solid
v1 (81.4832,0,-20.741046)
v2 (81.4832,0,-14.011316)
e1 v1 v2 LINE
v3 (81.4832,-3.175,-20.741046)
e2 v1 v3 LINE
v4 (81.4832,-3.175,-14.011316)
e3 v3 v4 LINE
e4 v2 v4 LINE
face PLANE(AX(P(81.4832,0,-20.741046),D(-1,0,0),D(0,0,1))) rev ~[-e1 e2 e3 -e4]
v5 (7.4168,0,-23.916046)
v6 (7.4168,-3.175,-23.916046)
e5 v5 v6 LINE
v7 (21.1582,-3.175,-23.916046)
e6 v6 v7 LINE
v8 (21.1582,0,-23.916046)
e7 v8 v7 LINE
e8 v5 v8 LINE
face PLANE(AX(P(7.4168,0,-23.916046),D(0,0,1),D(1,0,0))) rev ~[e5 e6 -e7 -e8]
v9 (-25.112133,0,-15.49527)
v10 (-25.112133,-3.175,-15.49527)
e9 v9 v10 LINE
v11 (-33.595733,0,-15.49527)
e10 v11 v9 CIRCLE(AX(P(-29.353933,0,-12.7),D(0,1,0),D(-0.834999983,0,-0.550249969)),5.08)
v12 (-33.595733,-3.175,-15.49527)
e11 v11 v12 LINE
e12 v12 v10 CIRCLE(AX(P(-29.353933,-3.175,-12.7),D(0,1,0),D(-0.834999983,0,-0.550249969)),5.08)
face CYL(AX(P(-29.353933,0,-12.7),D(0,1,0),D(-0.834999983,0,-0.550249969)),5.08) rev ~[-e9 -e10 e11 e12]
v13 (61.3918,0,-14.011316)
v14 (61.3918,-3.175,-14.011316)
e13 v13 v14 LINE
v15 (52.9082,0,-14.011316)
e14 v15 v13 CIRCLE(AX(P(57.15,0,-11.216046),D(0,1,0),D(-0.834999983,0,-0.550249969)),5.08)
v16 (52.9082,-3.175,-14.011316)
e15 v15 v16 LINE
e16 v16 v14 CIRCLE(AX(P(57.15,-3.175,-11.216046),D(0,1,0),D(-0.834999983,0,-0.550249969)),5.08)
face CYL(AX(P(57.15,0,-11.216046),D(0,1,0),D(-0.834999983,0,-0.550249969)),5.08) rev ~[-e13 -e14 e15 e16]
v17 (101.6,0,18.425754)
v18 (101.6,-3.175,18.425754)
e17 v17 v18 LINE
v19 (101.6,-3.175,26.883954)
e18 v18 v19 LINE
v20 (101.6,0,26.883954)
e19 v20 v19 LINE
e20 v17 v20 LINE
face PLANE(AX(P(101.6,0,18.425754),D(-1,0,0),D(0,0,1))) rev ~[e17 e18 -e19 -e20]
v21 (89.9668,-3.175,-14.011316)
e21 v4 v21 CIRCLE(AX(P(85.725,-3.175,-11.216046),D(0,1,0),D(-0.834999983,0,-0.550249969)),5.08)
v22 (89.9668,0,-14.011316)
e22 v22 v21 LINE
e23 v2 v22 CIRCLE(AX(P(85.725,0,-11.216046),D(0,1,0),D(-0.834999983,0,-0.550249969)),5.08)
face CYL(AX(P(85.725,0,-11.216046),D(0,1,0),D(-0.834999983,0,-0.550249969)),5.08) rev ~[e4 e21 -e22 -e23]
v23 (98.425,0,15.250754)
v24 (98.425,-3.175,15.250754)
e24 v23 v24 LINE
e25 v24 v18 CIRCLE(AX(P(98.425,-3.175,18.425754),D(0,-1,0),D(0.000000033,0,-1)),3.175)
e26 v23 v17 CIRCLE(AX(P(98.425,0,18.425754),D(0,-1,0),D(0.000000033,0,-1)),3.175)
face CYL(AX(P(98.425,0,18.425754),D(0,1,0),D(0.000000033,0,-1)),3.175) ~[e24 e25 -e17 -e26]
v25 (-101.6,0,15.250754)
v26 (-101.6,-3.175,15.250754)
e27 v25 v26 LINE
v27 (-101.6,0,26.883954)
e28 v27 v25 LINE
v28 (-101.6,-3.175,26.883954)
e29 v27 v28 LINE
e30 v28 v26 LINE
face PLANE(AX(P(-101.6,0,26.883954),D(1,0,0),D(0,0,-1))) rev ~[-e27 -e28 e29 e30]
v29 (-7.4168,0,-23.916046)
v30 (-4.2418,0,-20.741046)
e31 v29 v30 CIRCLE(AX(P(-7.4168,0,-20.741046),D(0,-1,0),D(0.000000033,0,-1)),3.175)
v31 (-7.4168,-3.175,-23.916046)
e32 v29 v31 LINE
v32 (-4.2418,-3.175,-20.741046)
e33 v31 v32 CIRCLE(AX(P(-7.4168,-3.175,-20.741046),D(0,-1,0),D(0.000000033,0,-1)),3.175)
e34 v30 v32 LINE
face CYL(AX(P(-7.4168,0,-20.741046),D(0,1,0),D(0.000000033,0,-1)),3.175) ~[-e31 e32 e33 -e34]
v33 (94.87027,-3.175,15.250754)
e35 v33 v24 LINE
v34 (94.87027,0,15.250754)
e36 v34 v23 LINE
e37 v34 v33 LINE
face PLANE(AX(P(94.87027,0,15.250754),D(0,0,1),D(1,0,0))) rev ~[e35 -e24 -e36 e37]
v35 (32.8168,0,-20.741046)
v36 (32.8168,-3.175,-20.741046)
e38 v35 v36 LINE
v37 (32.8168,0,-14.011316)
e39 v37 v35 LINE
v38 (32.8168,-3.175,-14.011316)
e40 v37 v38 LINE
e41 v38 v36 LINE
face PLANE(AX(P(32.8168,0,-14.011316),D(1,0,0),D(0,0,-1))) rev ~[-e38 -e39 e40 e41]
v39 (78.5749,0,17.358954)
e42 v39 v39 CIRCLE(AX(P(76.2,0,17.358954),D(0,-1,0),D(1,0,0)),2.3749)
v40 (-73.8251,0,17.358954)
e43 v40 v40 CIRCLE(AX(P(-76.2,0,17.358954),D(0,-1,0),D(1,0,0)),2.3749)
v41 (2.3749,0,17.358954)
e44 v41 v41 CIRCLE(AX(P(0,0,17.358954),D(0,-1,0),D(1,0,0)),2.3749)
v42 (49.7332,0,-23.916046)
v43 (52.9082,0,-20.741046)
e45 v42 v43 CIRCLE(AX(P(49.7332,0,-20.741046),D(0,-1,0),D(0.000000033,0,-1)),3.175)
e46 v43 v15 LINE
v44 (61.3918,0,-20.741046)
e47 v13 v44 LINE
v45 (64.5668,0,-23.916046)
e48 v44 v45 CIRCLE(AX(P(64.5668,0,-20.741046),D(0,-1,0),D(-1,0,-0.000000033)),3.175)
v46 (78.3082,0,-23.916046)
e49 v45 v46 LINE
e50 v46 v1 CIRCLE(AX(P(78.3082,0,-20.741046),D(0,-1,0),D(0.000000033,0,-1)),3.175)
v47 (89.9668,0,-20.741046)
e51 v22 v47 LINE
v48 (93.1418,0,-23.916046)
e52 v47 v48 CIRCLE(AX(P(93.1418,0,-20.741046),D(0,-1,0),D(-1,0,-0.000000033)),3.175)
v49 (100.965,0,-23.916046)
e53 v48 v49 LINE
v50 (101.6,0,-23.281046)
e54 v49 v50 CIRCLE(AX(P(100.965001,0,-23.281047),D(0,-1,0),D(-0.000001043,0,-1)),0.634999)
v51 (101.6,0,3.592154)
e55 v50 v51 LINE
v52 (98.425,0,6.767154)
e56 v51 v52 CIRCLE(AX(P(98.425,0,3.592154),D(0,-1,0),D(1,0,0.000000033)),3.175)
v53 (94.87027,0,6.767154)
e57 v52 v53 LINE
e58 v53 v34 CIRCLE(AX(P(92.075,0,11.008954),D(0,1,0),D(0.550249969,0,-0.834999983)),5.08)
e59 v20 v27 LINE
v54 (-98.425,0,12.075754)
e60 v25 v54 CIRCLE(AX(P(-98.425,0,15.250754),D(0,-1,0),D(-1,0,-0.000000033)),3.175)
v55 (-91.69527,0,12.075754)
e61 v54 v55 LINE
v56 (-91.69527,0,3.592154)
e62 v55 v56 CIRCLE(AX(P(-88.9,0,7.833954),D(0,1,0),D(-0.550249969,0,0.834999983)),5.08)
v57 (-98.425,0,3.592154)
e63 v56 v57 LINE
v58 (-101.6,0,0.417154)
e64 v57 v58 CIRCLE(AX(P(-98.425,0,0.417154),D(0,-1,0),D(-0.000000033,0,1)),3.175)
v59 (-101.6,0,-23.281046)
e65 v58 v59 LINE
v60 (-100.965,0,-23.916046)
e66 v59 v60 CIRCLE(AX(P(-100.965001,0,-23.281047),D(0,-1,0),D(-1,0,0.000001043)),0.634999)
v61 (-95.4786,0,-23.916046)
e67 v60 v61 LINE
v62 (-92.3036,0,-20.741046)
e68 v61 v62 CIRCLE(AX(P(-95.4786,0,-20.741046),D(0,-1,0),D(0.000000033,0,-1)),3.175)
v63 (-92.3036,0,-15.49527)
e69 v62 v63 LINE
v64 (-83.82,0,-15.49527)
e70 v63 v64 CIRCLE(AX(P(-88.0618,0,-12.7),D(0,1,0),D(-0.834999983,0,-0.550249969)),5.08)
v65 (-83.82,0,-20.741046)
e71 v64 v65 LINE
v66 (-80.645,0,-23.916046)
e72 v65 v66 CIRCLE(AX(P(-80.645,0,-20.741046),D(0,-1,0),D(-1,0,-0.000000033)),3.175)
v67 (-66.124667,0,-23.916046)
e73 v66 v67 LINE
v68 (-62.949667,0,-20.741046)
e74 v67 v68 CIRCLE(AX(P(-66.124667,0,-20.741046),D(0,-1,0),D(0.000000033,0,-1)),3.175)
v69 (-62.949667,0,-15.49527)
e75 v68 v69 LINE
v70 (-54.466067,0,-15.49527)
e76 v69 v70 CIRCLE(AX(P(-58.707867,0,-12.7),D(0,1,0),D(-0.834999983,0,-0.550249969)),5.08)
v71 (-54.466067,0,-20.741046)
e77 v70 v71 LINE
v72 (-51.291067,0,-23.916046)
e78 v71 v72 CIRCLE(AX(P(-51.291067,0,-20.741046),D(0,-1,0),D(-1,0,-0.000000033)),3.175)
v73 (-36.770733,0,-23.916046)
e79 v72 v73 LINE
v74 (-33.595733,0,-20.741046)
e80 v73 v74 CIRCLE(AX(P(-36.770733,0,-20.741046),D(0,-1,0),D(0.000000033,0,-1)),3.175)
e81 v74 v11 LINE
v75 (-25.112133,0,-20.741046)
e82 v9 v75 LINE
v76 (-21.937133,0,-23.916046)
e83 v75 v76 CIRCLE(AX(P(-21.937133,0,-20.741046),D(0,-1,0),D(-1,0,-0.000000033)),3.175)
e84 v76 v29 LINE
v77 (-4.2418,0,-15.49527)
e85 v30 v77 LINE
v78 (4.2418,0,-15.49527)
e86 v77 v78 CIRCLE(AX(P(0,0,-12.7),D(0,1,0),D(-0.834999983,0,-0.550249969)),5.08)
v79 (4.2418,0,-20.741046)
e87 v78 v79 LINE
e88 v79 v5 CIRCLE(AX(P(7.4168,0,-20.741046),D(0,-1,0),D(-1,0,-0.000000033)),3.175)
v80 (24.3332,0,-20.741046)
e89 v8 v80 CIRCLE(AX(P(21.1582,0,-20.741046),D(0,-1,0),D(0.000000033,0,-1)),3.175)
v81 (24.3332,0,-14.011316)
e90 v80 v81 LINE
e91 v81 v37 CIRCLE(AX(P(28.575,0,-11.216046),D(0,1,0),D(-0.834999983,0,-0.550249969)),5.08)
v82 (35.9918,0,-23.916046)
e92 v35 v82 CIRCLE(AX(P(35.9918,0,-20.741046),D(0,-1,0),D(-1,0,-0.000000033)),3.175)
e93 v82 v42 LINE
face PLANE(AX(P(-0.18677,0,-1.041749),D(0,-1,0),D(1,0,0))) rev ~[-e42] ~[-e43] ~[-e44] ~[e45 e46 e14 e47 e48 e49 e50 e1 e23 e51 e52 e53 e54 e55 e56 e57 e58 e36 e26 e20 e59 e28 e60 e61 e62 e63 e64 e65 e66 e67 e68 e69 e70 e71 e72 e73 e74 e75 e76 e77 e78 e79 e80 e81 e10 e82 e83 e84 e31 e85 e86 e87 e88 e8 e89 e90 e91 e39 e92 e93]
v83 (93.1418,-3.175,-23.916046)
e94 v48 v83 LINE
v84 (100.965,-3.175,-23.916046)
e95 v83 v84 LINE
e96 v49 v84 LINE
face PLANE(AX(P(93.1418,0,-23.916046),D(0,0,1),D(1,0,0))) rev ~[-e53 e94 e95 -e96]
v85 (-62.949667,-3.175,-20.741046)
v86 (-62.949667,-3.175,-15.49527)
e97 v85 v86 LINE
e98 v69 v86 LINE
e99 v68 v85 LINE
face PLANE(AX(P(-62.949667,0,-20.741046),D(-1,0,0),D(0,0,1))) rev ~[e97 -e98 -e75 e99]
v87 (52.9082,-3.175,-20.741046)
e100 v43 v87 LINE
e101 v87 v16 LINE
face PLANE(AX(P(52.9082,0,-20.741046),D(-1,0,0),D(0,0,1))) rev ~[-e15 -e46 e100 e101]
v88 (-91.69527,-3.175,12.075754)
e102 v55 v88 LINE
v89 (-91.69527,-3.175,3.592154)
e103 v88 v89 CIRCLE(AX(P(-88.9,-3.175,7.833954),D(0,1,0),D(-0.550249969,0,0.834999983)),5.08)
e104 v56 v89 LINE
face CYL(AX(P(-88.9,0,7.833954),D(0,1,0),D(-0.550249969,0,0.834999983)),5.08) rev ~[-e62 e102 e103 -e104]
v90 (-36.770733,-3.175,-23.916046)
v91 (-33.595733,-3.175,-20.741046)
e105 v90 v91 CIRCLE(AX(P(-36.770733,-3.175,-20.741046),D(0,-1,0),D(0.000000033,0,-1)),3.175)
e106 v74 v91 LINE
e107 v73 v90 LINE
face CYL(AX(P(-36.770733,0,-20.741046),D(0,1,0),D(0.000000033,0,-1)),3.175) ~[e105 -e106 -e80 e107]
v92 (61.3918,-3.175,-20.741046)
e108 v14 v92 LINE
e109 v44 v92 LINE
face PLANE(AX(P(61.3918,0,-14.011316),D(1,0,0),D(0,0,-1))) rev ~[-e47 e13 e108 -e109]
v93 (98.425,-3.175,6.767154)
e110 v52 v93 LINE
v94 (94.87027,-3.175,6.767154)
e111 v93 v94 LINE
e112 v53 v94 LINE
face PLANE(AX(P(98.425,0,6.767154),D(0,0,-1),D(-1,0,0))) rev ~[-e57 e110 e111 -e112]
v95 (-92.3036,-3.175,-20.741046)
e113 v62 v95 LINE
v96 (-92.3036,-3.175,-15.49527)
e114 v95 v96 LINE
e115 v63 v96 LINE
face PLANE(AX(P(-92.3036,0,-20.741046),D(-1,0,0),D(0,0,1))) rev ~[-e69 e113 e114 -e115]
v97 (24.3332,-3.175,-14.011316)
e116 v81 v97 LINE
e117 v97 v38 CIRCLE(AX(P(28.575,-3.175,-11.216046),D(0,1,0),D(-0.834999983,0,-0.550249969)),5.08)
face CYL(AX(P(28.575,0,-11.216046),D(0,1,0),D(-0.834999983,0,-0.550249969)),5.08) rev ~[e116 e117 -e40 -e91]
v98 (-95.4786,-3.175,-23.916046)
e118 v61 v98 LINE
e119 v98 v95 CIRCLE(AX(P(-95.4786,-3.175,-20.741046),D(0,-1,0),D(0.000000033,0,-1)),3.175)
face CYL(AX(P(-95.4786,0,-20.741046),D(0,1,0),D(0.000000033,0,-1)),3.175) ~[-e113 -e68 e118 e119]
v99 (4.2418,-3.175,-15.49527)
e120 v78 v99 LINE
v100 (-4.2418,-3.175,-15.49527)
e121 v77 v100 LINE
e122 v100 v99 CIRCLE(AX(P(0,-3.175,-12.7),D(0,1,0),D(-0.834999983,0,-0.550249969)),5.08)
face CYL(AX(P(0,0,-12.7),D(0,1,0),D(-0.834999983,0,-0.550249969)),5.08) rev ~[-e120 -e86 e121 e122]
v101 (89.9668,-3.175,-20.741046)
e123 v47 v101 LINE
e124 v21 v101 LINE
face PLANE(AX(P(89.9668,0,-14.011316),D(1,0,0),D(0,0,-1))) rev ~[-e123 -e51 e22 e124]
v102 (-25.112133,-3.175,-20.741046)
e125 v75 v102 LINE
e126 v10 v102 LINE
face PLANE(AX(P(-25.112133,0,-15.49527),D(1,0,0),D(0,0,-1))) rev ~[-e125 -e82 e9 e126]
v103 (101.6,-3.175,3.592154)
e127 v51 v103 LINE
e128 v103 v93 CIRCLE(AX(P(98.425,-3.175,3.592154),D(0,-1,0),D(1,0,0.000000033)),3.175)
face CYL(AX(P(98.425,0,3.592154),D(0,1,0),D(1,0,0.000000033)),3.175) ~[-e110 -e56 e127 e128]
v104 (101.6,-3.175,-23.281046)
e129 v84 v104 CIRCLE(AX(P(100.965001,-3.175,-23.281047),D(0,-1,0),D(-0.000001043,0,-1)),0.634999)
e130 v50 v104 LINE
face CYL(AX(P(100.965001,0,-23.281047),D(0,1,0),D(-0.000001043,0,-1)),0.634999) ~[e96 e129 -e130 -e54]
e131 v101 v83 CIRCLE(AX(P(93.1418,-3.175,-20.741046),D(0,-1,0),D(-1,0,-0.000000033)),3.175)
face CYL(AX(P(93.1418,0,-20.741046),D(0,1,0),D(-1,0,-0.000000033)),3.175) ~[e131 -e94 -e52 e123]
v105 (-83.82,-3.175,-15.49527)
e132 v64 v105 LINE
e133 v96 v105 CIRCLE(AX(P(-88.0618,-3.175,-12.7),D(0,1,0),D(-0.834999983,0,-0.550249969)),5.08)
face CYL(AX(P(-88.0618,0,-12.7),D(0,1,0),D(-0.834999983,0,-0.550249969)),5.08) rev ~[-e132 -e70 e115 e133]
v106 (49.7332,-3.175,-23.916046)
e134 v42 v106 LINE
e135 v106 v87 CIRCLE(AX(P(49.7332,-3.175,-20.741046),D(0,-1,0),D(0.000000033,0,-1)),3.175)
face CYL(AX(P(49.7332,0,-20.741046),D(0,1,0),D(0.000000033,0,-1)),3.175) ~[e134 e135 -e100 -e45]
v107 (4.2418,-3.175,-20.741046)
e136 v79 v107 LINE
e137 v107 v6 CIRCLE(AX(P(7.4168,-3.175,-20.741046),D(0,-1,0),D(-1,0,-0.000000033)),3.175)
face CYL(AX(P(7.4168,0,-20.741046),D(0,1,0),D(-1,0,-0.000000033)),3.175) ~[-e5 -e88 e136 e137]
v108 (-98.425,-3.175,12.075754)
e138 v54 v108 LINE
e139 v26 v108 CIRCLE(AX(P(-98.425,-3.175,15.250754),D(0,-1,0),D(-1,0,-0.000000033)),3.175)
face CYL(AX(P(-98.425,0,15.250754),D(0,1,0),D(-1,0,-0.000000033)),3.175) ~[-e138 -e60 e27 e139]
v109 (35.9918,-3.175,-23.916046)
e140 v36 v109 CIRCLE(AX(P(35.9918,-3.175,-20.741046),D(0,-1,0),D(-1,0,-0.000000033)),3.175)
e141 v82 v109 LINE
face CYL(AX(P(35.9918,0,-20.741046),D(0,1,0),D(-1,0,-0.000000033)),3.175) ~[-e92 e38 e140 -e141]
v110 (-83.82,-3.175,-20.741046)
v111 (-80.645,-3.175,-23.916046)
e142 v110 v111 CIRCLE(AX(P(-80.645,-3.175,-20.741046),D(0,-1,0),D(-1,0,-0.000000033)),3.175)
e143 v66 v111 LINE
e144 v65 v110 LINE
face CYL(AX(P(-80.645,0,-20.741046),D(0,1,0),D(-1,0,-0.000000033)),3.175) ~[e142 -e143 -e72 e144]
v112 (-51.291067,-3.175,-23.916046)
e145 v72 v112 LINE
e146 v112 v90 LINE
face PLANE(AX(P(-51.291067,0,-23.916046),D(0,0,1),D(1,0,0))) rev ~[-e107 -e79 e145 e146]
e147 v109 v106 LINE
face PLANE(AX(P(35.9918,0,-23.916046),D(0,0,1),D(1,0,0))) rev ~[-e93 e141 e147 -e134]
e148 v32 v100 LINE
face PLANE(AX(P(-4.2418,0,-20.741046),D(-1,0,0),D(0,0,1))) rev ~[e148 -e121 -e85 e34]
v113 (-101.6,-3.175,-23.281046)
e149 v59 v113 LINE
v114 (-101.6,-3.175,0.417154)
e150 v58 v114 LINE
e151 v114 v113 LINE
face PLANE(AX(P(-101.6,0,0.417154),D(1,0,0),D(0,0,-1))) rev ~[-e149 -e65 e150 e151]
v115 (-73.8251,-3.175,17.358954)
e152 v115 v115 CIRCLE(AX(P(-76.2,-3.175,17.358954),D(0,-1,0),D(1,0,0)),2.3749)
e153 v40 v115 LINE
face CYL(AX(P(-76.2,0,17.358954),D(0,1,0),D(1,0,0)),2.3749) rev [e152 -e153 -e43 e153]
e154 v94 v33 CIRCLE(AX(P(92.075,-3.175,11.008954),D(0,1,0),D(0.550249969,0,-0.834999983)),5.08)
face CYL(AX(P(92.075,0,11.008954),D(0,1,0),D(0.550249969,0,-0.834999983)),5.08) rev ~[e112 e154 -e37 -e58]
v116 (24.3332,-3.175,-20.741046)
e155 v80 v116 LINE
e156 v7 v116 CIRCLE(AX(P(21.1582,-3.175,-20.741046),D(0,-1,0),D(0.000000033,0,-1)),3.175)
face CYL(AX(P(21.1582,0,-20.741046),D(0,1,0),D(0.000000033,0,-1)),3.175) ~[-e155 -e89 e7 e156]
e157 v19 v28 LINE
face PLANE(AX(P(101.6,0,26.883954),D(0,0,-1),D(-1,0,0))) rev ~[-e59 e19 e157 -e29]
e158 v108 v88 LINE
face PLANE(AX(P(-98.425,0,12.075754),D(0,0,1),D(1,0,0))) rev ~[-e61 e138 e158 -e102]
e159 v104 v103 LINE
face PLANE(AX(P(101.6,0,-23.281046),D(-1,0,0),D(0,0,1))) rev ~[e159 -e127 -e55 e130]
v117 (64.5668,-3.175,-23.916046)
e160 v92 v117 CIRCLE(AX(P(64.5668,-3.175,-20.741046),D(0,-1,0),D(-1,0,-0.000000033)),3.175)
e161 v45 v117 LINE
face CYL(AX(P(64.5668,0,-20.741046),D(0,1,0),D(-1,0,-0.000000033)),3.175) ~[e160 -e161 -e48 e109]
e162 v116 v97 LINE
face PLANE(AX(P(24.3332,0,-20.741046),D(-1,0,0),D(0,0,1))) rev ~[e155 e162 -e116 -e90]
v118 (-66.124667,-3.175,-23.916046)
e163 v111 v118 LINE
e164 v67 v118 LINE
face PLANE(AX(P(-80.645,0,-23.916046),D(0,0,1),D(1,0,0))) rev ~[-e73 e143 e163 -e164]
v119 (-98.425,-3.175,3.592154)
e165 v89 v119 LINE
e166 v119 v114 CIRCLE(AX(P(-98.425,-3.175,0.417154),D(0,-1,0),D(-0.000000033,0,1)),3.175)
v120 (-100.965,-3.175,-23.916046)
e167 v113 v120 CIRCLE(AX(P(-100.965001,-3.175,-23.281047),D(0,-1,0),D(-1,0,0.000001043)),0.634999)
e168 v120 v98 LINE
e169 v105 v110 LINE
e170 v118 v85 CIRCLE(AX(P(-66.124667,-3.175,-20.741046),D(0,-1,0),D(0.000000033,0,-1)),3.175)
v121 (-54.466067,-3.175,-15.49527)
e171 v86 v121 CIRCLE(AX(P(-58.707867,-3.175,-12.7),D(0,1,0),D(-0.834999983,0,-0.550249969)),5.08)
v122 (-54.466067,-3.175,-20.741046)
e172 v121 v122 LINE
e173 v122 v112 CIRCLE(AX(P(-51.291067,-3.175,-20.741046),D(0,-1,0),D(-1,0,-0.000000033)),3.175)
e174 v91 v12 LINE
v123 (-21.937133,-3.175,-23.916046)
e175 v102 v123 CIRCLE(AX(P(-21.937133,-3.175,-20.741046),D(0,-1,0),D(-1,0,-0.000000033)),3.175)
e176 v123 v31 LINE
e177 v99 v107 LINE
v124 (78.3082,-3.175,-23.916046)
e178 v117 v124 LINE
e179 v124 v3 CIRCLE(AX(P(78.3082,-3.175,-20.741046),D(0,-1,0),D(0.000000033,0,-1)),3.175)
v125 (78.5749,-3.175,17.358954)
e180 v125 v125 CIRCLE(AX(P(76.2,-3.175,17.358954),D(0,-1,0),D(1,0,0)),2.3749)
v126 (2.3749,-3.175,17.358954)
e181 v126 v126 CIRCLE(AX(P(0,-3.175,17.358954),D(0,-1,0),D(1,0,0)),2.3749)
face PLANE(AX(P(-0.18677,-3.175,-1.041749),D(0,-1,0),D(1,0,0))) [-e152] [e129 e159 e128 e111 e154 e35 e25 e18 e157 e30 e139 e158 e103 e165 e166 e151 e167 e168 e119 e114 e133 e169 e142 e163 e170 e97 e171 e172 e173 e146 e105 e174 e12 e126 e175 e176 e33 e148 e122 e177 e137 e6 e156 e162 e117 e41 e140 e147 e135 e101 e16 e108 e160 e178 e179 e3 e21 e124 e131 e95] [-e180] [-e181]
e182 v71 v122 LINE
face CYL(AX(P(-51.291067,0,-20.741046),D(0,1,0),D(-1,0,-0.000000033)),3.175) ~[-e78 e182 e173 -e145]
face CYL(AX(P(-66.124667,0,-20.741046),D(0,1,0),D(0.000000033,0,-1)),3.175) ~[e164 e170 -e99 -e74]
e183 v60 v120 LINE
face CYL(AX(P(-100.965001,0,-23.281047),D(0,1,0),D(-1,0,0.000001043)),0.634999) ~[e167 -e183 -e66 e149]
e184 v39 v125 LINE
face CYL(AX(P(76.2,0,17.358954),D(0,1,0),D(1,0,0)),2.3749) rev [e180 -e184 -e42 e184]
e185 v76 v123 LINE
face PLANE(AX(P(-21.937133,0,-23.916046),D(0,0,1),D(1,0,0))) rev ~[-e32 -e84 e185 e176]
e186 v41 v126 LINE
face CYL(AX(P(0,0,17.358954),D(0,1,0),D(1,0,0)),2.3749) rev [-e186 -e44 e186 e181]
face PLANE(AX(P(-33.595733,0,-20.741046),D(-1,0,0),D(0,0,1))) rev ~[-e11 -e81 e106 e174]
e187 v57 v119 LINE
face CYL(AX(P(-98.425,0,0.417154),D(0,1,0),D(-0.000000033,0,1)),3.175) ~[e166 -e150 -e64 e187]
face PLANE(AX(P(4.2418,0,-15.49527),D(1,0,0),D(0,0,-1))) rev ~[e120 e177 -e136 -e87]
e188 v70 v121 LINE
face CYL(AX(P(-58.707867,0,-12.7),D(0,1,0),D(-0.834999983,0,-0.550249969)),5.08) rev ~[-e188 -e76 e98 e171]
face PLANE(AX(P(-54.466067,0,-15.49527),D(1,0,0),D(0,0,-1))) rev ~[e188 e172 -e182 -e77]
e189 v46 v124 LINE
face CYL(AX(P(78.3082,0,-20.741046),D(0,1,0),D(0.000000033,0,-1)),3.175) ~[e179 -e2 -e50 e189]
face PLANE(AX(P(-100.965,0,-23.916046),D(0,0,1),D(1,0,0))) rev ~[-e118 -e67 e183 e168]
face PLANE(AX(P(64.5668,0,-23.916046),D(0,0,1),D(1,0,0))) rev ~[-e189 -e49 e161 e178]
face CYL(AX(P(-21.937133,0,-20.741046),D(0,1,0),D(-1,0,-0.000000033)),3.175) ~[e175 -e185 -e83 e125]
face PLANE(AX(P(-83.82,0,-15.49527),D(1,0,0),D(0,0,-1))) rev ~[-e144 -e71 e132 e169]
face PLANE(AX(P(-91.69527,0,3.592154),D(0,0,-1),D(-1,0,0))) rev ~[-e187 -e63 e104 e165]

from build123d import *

# Parameters (mm, degrees)
F0_R     = 2.3749
F1_DEPTH = 3.175


with BuildPart() as f1:
    # F0 (on Front) → F1 (new body)
    with BuildSketch(Plane.XZ):
        with BuildLine():
            Line((101.6, 26.883954), (76.2, 26.883954))
            Line((76.2, 26.883954), (-101.6, 26.883954))
            Line((-101.6, 26.883954), (-101.6, 15.250754))
            ThreePointArc((-101.6, 15.250754), (-100.670064, 13.00569), (-98.425, 12.075754))
            Line((-98.425, 12.075754), (-91.69527, 12.075754))
            ThreePointArc((-91.69527, 12.075754), (-83.82, 7.833954), (-91.69527, 3.592154))
            Line((-91.69527, 3.592154), (-98.425, 3.592154))
            ThreePointArc((-98.425, 3.592154), (-100.670064, 2.662218), (-101.6, 0.417154))
            Line((-101.6, 0.417154), (-101.6, -23.281046))
            ThreePointArc((-101.6, -23.281046), (-101.414013, -23.730059), (-100.965, -23.916046))
            Line((-100.965, -23.916046), (-95.4786, -23.916046))
            ThreePointArc((-95.4786, -23.916046), (-93.233536, -22.98611), (-92.3036, -20.741046))
            Line((-92.3036, -20.741046), (-92.3036, -15.49527))
            ThreePointArc((-92.3036, -15.49527), (-88.0618, -7.62), (-83.82, -15.49527))
            Line((-83.82, -15.49527), (-83.82, -20.741046))
            ThreePointArc((-83.82, -20.741046), (-82.890064, -22.98611), (-80.645, -23.916046))
            Line((-80.645, -23.916046), (-66.124667, -23.916046))
            ThreePointArc((-66.124667, -23.916046), (-63.879603, -22.98611), (-62.949667, -20.741046))
            Line((-62.949667, -20.741046), (-62.949667, -15.49527))
            ThreePointArc((-62.949667, -15.49527), (-58.707867, -7.62), (-54.466067, -15.49527))
            Line((-54.466067, -15.49527), (-54.466067, -20.741046))
            ThreePointArc((-54.466067, -20.741046), (-53.536131, -22.98611), (-51.291067, -23.916046))
            Line((-51.291067, -23.916046), (-36.770733, -23.916046))
            ThreePointArc((-36.770733, -23.916046), (-34.525669, -22.98611), (-33.595733, -20.741046))
            Line((-33.595733, -20.741046), (-33.595733, -15.49527))
            ThreePointArc((-33.595733, -15.49527), (-29.353933, -7.62), (-25.112133, -15.49527))
            Line((-25.112133, -15.49527), (-25.112133, -20.741046))
            ThreePointArc((-25.112133, -20.741046), (-24.182197, -22.98611), (-21.937133, -23.916046))
            Line((-21.937133, -23.916046), (-7.4168, -23.916046))
            ThreePointArc((-7.4168, -23.916046), (-5.171736, -22.98611), (-4.2418, -20.741046))
            Line((-4.2418, -20.741046), (-4.2418, -15.49527))
            ThreePointArc((-4.2418, -15.49527), (0, -7.62), (4.2418, -15.49527))
            Line((4.2418, -15.49527), (4.2418, -20.741046))
            ThreePointArc((4.2418, -20.741046), (5.171736, -22.98611), (7.4168, -23.916046))
            Line((7.4168, -23.916046), (21.1582, -23.916046))
            ThreePointArc((21.1582, -23.916046), (23.403264, -22.98611), (24.3332, -20.741046))
            Line((24.3332, -20.741046), (24.3332, -14.011316))
            ThreePointArc((24.3332, -14.011316), (28.575, -6.136046), (32.8168, -14.011316))
            Line((32.8168, -14.011316), (32.8168, -20.741046))
            ThreePointArc((32.8168, -20.741046), (33.746736, -22.98611), (35.9918, -23.916046))
            Line((35.9918, -23.916046), (49.7332, -23.916046))
            ThreePointArc((49.7332, -23.916046), (51.978264, -22.98611), (52.9082, -20.741046))
            Line((52.9082, -20.741046), (52.9082, -14.011316))
            ThreePointArc((52.9082, -14.011316), (57.15, -6.136046), (61.3918, -14.011316))
            Line((61.3918, -14.011316), (61.3918, -20.741046))
            ThreePointArc((61.3918, -20.741046), (62.321736, -22.98611), (64.5668, -23.916046))
            Line((64.5668, -23.916046), (78.3082, -23.916046))
            ThreePointArc((78.3082, -23.916046), (80.553264, -22.98611), (81.4832, -20.741046))
            Line((81.4832, -20.741046), (81.4832, -14.011316))
            ThreePointArc((81.4832, -14.011316), (85.725, -6.136046), (89.9668, -14.011316))
            Line((89.9668, -14.011316), (89.9668, -20.741046))
            ThreePointArc((89.9668, -20.741046), (90.896736, -22.98611), (93.1418, -23.916046))
            Line((93.1418, -23.916046), (100.965, -23.916046))
            ThreePointArc((100.965, -23.916046), (101.414013, -23.730059), (101.6, -23.281046))
            Line((101.6, -23.281046), (101.6, 3.592154))
            ThreePointArc((101.6, 3.592154), (100.670064, 5.837218), (98.425, 6.767154))
            Line((98.425, 6.767154), (94.87027, 6.767154))
            ThreePointArc((94.87027, 6.767154), (86.995, 11.008954), (94.87027, 15.250754))
            Line((94.87027, 15.250754), (98.425, 15.250754))
            ThreePointArc((98.425, 15.250754), (100.670064, 16.18069), (101.6, 18.425754))
            Line((101.6, 18.425754), (101.6, 26.883954))
        make_face()
        with Locations((-76.2, 17.358954)):
            Circle(F0_R, mode=Mode.SUBTRACT)
        with Locations((0, 17.358954)):
            Circle(F0_R, mode=Mode.SUBTRACT)
        with Locations((76.2, 17.358954)):
            Circle(F0_R, mode=Mode.SUBTRACT)
    extrude(amount=F1_DEPTH)


solid = f1.part
